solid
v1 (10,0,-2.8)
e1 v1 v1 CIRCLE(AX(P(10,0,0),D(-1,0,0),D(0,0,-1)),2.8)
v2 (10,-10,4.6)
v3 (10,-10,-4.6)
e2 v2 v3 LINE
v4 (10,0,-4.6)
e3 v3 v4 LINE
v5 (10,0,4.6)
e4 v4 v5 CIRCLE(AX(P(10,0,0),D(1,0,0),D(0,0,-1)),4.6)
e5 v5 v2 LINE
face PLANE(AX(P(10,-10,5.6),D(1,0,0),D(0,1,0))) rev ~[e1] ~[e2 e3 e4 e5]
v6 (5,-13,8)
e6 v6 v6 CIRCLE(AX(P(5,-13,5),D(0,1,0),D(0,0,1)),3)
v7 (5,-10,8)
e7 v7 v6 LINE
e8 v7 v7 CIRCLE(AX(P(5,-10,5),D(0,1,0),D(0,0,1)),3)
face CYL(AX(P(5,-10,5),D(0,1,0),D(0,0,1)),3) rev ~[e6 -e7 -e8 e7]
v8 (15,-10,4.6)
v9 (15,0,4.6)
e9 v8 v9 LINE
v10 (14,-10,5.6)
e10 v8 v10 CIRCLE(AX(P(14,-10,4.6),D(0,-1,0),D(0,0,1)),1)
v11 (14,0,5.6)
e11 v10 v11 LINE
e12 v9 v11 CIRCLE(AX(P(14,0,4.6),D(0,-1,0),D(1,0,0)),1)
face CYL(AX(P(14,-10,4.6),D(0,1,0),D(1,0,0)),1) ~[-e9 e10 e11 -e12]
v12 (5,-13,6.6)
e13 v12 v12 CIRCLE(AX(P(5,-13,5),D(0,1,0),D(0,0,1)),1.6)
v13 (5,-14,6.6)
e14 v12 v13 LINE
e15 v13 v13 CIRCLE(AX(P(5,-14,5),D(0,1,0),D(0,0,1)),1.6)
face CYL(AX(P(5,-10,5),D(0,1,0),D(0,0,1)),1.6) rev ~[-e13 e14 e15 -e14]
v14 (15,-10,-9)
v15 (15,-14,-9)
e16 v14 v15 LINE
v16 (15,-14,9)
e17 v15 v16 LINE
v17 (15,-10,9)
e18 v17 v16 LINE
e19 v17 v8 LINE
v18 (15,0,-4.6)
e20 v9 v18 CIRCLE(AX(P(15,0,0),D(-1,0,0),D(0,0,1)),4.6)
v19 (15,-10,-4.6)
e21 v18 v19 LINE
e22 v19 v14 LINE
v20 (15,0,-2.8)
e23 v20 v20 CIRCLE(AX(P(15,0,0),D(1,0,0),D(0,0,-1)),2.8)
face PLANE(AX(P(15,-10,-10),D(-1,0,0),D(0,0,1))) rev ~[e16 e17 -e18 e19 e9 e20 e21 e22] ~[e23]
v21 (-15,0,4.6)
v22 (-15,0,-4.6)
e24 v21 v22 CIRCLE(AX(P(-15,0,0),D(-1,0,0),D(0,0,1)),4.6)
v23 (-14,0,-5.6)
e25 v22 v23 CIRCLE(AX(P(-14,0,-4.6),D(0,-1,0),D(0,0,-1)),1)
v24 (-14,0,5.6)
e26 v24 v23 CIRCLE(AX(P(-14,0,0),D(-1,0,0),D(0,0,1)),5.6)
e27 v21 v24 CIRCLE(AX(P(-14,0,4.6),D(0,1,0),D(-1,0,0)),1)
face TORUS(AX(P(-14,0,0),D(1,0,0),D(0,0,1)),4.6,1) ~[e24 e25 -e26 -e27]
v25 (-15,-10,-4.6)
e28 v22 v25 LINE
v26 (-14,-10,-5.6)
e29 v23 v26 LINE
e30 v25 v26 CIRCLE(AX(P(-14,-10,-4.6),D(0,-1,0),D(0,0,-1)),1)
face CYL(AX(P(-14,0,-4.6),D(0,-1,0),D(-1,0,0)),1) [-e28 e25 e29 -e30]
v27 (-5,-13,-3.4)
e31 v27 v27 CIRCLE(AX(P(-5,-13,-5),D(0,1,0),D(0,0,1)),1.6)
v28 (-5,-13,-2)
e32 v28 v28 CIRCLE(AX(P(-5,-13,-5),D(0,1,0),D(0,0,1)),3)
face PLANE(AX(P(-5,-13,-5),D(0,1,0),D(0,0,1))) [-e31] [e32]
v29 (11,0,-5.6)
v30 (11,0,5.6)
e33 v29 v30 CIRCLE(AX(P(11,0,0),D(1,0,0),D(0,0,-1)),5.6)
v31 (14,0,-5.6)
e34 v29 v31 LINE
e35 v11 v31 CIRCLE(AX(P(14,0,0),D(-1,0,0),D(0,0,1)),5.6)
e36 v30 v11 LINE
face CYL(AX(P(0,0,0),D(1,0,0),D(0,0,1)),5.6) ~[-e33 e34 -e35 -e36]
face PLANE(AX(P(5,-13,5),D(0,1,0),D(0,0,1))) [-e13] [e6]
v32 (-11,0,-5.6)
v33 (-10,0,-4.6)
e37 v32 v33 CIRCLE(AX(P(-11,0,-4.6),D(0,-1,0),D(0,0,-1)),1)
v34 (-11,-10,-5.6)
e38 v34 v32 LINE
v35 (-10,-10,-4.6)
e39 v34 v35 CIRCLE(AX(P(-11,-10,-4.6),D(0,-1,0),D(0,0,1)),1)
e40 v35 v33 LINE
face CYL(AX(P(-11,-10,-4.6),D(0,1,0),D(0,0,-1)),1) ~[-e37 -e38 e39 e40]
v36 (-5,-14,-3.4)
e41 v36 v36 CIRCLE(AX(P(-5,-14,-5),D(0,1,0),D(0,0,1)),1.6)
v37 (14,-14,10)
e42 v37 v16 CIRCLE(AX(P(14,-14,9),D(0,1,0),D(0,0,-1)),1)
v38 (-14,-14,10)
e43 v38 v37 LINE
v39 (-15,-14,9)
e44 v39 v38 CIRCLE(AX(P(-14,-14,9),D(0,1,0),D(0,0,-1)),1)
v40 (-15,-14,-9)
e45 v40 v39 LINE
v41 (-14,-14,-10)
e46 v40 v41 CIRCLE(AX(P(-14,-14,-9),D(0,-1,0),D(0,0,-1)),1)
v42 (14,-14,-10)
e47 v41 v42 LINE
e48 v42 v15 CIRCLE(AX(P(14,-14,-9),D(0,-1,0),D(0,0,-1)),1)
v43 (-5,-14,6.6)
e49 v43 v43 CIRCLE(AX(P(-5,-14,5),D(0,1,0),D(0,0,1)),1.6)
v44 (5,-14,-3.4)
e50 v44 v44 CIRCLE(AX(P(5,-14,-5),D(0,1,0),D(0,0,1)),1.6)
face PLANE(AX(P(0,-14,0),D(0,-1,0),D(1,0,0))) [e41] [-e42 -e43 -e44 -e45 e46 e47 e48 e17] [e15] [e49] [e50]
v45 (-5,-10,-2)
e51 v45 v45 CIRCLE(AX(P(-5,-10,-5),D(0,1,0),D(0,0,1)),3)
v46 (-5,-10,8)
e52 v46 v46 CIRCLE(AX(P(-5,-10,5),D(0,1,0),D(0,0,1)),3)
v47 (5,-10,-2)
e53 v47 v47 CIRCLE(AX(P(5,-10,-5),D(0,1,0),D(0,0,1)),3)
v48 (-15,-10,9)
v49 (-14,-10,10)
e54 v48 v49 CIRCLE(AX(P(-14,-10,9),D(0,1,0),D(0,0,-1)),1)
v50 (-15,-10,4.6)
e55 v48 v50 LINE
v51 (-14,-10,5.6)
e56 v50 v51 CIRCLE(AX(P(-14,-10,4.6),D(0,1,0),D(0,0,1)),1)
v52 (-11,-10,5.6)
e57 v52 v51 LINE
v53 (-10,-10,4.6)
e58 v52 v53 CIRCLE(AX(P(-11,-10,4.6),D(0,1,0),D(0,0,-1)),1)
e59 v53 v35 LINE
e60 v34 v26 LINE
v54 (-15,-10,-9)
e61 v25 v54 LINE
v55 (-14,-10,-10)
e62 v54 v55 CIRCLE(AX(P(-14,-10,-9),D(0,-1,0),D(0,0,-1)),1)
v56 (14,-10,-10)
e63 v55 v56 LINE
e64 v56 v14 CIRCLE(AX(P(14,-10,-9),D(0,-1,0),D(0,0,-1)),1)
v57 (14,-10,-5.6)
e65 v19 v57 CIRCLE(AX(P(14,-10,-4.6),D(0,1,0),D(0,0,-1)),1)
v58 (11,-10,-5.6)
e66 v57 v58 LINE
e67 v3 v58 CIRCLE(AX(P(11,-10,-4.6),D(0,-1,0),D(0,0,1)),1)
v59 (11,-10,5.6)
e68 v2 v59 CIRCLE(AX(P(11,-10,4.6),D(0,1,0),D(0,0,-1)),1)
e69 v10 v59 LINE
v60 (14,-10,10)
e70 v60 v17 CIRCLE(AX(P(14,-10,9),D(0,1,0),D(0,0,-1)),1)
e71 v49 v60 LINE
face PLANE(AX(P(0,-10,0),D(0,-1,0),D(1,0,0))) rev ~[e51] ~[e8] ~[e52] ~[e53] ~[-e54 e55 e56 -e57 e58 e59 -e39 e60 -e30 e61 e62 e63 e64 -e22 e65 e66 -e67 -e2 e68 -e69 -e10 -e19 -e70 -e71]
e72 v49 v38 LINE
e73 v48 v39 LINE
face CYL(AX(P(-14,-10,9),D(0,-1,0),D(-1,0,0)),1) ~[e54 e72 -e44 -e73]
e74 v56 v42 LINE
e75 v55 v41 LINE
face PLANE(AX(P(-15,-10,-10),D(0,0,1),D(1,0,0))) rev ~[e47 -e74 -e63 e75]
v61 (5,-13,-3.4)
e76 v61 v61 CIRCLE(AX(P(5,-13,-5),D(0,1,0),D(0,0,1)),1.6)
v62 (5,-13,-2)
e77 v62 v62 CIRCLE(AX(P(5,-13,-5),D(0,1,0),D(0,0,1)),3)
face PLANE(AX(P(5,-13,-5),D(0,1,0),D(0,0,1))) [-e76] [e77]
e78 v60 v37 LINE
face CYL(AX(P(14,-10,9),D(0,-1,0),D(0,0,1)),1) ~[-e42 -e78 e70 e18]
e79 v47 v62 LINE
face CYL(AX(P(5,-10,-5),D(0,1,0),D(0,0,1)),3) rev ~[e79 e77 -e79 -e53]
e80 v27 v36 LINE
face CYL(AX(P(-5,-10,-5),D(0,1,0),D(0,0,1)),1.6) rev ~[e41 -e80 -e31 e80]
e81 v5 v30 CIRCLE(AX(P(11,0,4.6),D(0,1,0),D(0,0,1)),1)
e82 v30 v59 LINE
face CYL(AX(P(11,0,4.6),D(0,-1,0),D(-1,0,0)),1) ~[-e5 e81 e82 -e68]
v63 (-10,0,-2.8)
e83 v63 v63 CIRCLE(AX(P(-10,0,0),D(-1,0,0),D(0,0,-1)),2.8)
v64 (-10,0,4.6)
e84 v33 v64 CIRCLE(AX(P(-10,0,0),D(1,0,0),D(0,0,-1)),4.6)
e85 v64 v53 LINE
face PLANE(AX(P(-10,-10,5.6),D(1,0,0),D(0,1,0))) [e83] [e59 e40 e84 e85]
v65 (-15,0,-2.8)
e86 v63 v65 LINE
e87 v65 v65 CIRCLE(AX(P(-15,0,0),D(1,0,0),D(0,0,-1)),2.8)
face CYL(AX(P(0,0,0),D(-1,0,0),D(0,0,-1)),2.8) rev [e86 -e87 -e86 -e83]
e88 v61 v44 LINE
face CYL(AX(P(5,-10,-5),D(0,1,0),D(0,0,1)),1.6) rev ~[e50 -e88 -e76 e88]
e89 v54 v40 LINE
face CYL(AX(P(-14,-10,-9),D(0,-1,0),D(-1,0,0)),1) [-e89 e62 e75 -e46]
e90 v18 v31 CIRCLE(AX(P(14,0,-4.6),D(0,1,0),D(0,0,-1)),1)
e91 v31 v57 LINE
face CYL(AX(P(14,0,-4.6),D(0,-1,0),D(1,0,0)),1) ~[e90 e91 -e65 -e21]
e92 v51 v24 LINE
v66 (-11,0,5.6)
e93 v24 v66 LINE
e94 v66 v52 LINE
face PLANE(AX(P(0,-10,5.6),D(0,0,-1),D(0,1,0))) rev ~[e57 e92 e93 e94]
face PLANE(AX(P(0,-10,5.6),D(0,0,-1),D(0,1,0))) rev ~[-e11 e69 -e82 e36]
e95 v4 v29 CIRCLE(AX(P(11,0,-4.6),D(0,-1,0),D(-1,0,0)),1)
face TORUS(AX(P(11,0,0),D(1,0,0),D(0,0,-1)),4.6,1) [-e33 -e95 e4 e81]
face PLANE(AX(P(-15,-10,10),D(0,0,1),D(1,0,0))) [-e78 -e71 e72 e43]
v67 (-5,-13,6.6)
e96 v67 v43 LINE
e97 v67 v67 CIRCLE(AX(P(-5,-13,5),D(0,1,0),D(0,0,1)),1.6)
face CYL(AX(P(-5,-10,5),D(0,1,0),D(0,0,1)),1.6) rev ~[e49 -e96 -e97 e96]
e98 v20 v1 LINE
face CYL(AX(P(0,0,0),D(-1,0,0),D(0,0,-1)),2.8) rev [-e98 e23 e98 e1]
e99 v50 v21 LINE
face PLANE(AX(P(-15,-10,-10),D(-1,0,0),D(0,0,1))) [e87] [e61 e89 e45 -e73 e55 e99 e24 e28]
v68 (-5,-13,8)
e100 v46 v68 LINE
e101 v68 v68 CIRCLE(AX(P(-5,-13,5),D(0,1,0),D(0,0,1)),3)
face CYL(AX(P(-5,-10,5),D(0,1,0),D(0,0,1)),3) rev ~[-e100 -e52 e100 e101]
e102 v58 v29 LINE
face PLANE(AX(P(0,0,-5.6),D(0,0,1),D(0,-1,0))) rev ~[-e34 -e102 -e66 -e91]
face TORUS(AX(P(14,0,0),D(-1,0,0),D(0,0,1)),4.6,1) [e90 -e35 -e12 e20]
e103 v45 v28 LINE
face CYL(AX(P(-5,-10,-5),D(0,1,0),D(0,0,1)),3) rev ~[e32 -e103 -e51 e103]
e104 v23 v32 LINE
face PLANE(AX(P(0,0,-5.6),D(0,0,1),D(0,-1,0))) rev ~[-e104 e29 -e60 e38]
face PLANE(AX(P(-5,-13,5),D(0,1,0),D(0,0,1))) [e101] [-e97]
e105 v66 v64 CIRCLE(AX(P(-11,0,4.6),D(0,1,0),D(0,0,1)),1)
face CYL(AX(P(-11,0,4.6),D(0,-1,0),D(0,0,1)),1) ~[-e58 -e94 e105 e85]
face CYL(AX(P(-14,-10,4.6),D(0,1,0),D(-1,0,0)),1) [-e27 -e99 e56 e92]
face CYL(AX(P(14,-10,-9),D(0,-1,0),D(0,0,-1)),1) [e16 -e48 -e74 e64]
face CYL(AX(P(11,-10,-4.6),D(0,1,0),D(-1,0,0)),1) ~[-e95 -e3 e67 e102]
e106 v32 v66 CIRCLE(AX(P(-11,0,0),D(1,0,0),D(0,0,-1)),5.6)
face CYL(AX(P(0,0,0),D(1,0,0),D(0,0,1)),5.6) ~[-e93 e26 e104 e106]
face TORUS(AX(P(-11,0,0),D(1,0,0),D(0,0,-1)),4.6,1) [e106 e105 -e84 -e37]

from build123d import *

# Parameters (mm, degrees)
ESQUISSE2_R             = 2.8
BOSS_EXTRU_1_DEPTH      = 15
ESQUISSE4_W             = 30
ESQUISSE4_H             = 20
BOSS_EXTRU_2_DEPTH      = 4
ENL_V_MAT_EXTRU_1_REACH = 6
ESQUISSE5_R             = 1.6
ESQUISSE6_W             = 20
ESQUISSE6_H             = 21.543710407
ENL_V_MAT_EXTRU_2_DEPTH = 16.6
ESQUISSE7_R             = 3
ENL_V_MAT_EXTRU_3_DEPTH = 3
CONG_1_R                = 1


with BuildPart() as part:
    # Esquisse2 → Boss.-Extru.1 (new body, symmetric)
    with BuildSketch(Plane(origin=(0, 0, 0), x_dir=(0, 0, -1), z_dir=(1, 0, 0))):
        with BuildLine():
            Line((5.6, 0), (5.6, -10))
            Line((5.6, -10), (-5.6, -10))
            Line((-5.6, -10), (-5.6, 0))
            ThreePointArc((-5.6, 0), (0, 5.6), (5.6, 0))
        make_face()
        Circle(ESQUISSE2_R, mode=Mode.SUBTRACT)
    extrude(amount=BOSS_EXTRU_1_DEPTH, both=True)

    # Esquisse4 → Boss.-Extru.2 (add)
    with BuildSketch(Plane.XZ.offset(10)):
        Rectangle(ESQUISSE4_W, ESQUISSE4_H)
    extrude(amount=BOSS_EXTRU_2_DEPTH)

    # Esquisse5 → Enlèv. mat.-Extru.1 (cut, up to next)
    with BuildSketch(Plane(origin=(0, -10, 0), x_dir=(1, 0, 0), z_dir=(0, 1, 0)), mode=Mode.PRIVATE) as enl_v_mat_extru_1_sk1:
        with Locations(Location((5, -5, 0), (0, 0, 270))):  # turned: the seam where the file's is
            Circle(ESQUISSE5_R)
    enl_v_mat_extru_1_tool1 = extrude(enl_v_mat_extru_1_sk1.sketch, amount=-ENL_V_MAT_EXTRU_1_REACH, mode=Mode.PRIVATE) & part.part
    add(enl_v_mat_extru_1_tool1.solids().sort_by_distance((5, -10, 5))[0], mode=Mode.SUBTRACT)
    # Esquisse5 → Enlèv. mat.-Extru.1 (cut, up to next)
    with BuildSketch(Plane(origin=(0, -10, 0), x_dir=(1, 0, 0), z_dir=(0, 1, 0)), mode=Mode.PRIVATE) as enl_v_mat_extru_1_sk2:
        with Locations(Location((5, 5, 0), (0, 0, 270))):  # turned: the seam where the file's is
            Circle(ESQUISSE5_R)
    enl_v_mat_extru_1_tool2 = extrude(enl_v_mat_extru_1_sk2.sketch, amount=-ENL_V_MAT_EXTRU_1_REACH, mode=Mode.PRIVATE) & part.part
    add(enl_v_mat_extru_1_tool2.solids().sort_by_distance((5, -10, -5))[0], mode=Mode.SUBTRACT)
    # Esquisse5 → Enlèv. mat.-Extru.1 (cut, up to next)
    with BuildSketch(Plane(origin=(0, -10, 0), x_dir=(1, 0, 0), z_dir=(0, 1, 0)), mode=Mode.PRIVATE) as enl_v_mat_extru_1_sk3:
        with Locations(Location((-5, 5, 0), (0, 0, 270))):  # turned: the seam where the file's is
            Circle(ESQUISSE5_R)
    enl_v_mat_extru_1_tool3 = extrude(enl_v_mat_extru_1_sk3.sketch, amount=-ENL_V_MAT_EXTRU_1_REACH, mode=Mode.PRIVATE) & part.part
    add(enl_v_mat_extru_1_tool3.solids().sort_by_distance((-5, -10, -5))[0], mode=Mode.SUBTRACT)
    # Esquisse5 → Enlèv. mat.-Extru.1 (cut, up to next)
    with BuildSketch(Plane(origin=(0, -10, 0), x_dir=(1, 0, 0), z_dir=(0, 1, 0)), mode=Mode.PRIVATE) as enl_v_mat_extru_1_sk4:
        with Locations(Location((-5, -5, 0), (0, 0, 270))):  # turned: the seam where the file's is
            Circle(ESQUISSE5_R)
    enl_v_mat_extru_1_tool4 = extrude(enl_v_mat_extru_1_sk4.sketch, amount=-ENL_V_MAT_EXTRU_1_REACH, mode=Mode.PRIVATE) & part.part
    add(enl_v_mat_extru_1_tool4.solids().sort_by_distance((-5, -10, 5))[0], mode=Mode.SUBTRACT)

    # Esquisse6 → Enlèv. mat.-Extru.2 (cut, through all)
    with BuildSketch(Plane.XY.offset(5.6)):
        with Locations((0, 0.771855204)):
            Rectangle(ESQUISSE6_W, ESQUISSE6_H)
    extrude(amount=-ENL_V_MAT_EXTRU_2_DEPTH, mode=Mode.SUBTRACT)

    # Esquisse7 → Enlèv. mat.-Extru.3 (cut)
    with BuildSketch(Plane(origin=(0, -10, 0), x_dir=(1, 0, 0), z_dir=(0, 1, 0))):
        with Locations(Location((-5, 5, 0), (0, 0, 270))):  # turned: the seam where the file's is
            Circle(ESQUISSE7_R)
        with Locations(Location((5, 5, 0), (0, 0, 270))):  # turned: the seam where the file's is
            Circle(ESQUISSE7_R)
        with Locations(Location((5, -5, 0), (0, 0, 270))):  # turned: the seam where the file's is
            Circle(ESQUISSE7_R)
        with Locations(Location((-5, -5, 0), (0, 0, 270))):  # turned: the seam where the file's is
            Circle(ESQUISSE7_R)
    extrude(amount=-ENL_V_MAT_EXTRU_3_DEPTH, mode=Mode.SUBTRACT)

    # Congé1
    cong_1_edges = [part.edges().sort_by_distance(p)[0] for p in [
        (15, -5, -5.6),
        (-15, -12, 10),
        (-15, -12, -10),
        (15, -12, -10),
        (15, -12, 10),
        (15, 5.6, 0),
        (-15, -5, -5.6),
        (-15, -5, 5.6),
        (-15, 5.6, 0),
        (-10, 5.6, 0),
        (-10, -5, -5.6),
        (10, -5, -5.6),
        (10, 5.6, 0),
        (10, -5, 5.6),
        (-10, -5, 5.6),
        (15, -5, 5.6),
    ]]
    fillet(cong_1_edges, radius=CONG_1_R)


solid = part.part
